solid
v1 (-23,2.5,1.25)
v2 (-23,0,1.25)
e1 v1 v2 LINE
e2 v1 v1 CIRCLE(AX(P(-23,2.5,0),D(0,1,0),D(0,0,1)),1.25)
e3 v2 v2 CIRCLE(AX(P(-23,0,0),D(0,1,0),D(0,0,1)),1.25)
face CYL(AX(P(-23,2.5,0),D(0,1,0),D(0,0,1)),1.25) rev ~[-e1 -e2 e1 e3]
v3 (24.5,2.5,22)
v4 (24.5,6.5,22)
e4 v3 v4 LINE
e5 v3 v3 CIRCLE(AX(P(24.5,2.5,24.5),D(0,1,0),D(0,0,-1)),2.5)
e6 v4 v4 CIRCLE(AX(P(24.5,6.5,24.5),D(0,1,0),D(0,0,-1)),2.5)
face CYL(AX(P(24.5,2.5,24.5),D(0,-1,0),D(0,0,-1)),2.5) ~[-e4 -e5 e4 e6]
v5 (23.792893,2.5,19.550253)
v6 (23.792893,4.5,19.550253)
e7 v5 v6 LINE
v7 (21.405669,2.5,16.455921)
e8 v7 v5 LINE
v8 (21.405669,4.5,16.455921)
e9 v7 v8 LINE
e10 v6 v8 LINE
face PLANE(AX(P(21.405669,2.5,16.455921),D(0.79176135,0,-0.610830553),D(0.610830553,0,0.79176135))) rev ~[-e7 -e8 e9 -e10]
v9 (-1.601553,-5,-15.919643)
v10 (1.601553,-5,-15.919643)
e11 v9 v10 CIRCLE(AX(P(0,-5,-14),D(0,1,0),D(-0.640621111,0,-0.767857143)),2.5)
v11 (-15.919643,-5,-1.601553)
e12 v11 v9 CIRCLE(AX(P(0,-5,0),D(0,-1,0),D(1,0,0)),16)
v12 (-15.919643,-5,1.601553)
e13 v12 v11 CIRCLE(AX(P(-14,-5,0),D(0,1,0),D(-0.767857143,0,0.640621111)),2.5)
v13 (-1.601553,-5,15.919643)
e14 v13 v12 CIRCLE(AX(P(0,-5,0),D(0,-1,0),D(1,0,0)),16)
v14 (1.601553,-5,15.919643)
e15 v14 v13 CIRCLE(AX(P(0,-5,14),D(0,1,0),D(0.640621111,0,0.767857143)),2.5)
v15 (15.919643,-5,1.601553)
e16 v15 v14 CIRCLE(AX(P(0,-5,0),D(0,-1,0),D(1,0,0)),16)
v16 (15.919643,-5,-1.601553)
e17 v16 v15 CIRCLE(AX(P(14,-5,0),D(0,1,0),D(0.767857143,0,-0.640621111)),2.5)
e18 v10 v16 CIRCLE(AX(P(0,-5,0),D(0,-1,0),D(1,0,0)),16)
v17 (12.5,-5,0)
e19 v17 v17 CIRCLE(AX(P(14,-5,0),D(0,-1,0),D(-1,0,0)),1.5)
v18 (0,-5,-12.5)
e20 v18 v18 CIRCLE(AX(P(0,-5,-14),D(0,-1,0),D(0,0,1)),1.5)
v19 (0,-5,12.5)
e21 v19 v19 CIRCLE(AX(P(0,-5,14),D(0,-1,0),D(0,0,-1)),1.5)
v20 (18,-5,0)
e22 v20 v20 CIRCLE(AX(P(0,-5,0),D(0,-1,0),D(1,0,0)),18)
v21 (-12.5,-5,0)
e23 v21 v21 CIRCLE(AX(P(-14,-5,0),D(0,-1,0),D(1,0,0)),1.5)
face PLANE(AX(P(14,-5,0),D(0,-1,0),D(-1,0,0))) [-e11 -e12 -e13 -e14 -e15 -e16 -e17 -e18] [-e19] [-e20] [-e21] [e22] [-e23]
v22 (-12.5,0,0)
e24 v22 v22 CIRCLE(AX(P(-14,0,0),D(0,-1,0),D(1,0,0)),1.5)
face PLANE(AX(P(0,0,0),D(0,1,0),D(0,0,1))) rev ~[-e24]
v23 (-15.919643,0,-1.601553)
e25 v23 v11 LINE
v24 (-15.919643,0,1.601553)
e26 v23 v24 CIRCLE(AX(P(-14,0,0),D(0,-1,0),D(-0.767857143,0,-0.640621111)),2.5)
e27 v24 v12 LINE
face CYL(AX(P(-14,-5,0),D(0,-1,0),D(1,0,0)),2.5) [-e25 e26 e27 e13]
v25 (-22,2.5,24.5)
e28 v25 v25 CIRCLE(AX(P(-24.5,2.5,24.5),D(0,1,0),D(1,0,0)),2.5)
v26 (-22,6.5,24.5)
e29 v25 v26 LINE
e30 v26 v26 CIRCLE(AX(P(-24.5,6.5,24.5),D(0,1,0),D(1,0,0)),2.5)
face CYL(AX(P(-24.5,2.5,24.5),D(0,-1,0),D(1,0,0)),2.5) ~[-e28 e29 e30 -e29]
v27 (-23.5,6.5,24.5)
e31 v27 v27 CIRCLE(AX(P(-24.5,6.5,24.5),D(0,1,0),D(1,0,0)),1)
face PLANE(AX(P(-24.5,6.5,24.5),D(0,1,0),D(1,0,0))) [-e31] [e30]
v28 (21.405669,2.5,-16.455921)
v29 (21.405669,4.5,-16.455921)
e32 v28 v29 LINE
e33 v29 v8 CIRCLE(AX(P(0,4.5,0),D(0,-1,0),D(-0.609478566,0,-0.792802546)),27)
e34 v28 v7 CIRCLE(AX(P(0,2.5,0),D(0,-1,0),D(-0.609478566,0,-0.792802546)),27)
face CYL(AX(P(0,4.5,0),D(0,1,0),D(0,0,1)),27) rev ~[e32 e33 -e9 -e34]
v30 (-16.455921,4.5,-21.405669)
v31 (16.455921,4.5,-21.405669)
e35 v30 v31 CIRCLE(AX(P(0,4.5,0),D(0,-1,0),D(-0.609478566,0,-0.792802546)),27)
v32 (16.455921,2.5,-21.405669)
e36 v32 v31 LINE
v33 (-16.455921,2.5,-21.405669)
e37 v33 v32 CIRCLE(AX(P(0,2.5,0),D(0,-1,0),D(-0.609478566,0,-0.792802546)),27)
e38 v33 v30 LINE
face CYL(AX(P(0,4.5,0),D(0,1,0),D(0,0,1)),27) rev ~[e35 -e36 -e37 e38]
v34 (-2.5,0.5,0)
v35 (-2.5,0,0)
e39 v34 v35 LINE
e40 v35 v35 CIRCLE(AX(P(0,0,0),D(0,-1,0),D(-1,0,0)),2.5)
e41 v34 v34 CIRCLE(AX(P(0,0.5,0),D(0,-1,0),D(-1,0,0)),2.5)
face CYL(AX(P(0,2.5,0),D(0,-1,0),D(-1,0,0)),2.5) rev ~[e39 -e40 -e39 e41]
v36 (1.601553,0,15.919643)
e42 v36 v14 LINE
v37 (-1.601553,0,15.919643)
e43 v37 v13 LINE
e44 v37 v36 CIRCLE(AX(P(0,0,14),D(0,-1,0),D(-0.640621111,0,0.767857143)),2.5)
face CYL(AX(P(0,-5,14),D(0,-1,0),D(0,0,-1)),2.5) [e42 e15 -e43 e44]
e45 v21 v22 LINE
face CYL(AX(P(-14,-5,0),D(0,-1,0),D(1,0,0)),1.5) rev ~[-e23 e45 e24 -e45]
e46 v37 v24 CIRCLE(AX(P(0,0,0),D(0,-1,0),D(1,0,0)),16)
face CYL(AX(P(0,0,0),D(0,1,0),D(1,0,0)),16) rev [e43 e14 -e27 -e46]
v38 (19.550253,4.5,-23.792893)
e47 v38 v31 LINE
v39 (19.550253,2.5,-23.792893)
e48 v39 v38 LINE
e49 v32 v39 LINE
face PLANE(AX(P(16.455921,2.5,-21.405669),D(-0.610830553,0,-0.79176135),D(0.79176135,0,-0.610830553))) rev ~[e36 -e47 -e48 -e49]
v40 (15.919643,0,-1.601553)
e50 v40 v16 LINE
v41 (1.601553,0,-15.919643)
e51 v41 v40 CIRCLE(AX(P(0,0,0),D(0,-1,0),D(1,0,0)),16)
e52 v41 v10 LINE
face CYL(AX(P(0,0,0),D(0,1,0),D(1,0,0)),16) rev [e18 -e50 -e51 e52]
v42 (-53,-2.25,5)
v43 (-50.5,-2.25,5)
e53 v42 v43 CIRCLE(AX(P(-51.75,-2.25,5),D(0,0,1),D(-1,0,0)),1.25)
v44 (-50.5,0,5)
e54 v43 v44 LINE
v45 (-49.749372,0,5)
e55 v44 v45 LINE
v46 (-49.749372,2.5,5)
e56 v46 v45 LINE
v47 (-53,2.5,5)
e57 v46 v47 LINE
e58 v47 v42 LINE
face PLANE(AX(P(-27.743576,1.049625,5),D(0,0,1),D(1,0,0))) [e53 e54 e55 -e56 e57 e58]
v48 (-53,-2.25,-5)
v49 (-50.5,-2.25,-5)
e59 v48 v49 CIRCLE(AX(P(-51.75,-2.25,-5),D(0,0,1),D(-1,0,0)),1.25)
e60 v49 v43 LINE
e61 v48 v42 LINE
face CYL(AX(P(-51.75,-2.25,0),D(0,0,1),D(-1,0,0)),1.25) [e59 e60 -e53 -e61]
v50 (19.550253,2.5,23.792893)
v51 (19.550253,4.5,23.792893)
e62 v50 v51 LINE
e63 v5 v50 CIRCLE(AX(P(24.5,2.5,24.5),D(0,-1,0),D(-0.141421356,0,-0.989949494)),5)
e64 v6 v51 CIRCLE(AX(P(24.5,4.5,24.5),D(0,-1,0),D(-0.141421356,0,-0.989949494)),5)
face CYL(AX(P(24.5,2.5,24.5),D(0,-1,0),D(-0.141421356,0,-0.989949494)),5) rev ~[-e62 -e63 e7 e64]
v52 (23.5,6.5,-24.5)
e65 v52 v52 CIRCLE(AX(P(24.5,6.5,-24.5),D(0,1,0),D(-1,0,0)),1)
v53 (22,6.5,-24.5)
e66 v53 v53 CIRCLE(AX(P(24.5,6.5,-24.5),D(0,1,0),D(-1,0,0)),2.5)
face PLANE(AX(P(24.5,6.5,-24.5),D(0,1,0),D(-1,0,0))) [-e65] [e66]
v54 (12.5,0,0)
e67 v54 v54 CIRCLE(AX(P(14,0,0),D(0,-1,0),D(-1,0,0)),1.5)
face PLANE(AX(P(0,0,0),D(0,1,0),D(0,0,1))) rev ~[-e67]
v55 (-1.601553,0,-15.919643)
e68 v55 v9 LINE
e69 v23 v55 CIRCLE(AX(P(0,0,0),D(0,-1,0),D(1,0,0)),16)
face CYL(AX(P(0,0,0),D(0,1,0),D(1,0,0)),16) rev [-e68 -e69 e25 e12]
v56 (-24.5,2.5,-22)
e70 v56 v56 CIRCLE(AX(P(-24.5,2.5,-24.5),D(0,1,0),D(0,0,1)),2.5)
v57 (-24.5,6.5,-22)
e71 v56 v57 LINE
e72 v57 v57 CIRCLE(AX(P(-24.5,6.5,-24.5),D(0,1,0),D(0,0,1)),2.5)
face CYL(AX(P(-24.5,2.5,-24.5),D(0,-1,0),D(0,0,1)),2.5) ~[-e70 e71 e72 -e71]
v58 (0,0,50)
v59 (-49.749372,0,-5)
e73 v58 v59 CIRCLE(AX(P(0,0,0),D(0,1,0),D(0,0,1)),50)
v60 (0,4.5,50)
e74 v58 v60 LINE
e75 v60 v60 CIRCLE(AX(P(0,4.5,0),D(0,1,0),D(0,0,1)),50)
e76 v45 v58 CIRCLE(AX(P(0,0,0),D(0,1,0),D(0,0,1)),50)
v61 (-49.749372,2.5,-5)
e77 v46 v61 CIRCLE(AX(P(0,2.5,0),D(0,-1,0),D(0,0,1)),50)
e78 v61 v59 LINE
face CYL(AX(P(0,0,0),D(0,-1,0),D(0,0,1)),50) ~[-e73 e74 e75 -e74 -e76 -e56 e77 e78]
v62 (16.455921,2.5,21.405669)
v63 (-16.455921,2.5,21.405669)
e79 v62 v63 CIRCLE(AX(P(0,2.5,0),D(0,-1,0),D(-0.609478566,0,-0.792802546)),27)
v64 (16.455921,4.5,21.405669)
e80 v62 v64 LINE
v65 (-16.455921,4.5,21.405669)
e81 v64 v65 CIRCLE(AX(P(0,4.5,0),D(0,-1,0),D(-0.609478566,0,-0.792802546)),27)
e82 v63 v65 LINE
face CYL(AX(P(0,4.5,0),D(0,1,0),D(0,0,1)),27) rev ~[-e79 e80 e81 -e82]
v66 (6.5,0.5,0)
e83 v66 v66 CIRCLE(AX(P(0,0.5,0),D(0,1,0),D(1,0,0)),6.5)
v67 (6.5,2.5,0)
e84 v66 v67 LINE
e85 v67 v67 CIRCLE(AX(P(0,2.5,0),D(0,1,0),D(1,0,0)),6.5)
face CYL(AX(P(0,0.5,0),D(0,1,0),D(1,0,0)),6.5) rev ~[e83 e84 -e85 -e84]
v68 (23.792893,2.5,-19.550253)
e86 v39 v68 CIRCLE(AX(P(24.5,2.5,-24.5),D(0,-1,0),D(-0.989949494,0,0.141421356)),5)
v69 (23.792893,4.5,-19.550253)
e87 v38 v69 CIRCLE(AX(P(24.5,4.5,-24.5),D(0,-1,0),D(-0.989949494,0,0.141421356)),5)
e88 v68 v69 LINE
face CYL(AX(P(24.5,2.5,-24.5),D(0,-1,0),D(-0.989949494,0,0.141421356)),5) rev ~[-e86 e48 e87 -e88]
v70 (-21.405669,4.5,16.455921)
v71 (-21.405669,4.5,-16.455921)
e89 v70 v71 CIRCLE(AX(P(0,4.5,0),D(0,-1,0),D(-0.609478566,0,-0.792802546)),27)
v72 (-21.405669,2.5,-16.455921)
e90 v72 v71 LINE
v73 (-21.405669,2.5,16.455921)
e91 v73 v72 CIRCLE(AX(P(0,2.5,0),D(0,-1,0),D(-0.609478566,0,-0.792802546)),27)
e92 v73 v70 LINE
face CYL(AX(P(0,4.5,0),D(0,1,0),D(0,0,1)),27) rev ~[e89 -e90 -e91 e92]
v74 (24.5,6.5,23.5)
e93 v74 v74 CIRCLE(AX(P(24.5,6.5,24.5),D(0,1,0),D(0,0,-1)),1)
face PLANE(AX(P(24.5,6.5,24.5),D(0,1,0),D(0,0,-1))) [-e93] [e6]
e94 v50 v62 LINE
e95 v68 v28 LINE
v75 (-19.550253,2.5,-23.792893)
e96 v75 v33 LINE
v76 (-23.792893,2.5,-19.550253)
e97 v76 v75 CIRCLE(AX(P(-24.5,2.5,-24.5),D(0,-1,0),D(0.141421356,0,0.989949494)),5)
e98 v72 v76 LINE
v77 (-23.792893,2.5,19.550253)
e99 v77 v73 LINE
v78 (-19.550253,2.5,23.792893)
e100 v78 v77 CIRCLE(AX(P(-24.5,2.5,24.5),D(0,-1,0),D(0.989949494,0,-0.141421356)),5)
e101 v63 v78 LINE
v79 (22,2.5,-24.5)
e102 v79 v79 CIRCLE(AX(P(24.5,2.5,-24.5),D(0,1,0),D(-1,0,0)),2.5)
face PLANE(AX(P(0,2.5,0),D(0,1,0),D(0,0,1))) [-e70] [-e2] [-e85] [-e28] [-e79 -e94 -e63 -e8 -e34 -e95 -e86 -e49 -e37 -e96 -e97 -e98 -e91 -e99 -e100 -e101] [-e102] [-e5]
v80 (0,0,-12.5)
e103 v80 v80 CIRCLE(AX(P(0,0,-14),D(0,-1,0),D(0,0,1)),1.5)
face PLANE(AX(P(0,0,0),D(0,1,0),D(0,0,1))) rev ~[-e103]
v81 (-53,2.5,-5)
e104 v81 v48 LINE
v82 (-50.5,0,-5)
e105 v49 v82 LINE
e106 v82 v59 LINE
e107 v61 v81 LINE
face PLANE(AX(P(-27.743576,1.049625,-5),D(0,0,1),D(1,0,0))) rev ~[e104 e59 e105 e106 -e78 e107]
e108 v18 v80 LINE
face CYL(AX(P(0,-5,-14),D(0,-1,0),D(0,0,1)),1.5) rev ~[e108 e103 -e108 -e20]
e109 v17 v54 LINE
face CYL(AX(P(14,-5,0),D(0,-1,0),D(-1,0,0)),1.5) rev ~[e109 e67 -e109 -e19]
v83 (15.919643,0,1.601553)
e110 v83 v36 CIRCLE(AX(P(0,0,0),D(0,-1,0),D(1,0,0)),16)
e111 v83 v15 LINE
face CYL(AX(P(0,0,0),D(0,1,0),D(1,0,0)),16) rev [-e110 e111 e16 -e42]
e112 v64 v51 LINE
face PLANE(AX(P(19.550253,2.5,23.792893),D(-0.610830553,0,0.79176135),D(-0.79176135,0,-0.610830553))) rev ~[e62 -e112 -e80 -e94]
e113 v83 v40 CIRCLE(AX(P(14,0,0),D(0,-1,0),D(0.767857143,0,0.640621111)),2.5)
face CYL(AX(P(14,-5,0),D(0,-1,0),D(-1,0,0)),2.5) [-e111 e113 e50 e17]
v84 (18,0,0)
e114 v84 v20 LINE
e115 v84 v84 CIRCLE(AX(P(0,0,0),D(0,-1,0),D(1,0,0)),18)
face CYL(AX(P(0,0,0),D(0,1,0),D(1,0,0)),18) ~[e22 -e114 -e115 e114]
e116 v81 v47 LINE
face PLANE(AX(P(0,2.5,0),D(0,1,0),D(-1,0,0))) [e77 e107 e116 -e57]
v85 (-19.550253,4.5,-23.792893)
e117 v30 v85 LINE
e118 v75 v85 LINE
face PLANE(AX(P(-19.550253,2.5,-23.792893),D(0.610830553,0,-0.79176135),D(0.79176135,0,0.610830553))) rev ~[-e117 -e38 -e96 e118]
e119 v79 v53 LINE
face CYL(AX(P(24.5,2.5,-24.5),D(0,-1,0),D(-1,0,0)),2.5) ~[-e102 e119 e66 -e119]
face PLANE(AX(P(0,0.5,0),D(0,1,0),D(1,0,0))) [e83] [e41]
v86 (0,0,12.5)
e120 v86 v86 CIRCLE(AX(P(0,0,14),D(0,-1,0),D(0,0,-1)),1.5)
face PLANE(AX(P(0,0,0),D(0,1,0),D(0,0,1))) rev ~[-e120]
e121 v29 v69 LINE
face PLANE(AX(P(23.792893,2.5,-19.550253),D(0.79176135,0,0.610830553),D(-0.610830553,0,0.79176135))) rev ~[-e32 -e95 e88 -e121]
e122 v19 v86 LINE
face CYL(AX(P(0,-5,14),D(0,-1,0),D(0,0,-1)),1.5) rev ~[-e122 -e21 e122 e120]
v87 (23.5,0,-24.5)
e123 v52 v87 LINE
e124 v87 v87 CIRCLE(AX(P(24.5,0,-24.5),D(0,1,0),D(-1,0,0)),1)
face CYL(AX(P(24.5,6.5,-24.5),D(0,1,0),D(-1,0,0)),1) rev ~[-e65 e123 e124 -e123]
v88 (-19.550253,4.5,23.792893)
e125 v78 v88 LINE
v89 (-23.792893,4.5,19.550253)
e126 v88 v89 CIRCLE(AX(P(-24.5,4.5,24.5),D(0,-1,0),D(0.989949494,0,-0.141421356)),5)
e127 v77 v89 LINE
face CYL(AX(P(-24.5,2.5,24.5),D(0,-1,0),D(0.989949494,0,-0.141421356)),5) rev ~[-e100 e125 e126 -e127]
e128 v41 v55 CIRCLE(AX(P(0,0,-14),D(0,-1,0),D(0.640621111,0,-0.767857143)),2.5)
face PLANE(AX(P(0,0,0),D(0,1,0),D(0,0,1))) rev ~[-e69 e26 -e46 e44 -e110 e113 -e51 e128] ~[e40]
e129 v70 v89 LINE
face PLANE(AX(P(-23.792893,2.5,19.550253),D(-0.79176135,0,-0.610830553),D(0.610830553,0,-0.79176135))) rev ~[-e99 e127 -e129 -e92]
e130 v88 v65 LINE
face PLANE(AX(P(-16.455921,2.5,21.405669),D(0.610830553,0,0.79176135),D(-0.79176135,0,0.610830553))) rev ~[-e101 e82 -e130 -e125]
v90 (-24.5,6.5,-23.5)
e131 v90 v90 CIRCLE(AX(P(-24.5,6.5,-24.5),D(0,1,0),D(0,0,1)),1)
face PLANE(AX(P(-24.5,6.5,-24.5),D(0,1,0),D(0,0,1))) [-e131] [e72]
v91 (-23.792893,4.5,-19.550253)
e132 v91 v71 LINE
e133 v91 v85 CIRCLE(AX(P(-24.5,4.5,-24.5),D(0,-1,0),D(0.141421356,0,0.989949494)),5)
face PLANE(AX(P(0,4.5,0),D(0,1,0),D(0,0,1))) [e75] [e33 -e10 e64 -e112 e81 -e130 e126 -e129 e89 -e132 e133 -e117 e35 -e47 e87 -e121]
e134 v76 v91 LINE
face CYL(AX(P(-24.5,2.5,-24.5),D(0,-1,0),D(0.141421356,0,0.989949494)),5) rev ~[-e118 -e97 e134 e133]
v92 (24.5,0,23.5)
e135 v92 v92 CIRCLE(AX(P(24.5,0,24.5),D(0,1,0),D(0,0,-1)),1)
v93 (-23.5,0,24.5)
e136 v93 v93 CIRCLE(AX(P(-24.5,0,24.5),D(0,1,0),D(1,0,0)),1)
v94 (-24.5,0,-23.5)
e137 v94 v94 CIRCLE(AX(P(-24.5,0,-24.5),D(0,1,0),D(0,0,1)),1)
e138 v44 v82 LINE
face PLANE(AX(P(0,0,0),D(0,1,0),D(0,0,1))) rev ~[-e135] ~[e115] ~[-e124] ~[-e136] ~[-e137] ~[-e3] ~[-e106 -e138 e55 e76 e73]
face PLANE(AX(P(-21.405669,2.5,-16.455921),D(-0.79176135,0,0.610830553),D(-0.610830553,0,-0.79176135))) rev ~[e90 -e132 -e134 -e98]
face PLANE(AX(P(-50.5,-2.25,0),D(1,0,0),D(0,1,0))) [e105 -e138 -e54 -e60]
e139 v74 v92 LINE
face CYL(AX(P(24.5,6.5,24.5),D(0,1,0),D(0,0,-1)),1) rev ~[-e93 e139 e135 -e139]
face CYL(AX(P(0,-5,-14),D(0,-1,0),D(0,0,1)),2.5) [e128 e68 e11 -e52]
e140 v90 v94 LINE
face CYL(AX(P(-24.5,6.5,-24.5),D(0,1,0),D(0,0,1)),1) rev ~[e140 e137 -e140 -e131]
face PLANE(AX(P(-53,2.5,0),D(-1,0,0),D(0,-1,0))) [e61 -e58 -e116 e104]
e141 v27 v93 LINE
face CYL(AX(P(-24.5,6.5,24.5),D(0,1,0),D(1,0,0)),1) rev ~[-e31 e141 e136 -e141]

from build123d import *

# Parameters (mm, degrees)
SKETCH1_R                               = 50
BOSS_EXTRUDE1_DEPTH                     = 4.5
BOSS_EXTRUDE2_DEPTH                     = 5
SKETCH4_R                               = 18
SKETCH4_R_2                             = 16
EXTRUDE_THIN1_DEPTH                     = 5
SKETCH7_R                               = 27
CUT_EXTRUDE1_DEPTH                      = 2
CBORE_FOR_M5_HEX_HEAD_BOLT2_D           = 5
CBORE_FOR_M5_HEX_HEAD_BOLT2_CBORE_D     = 13
CBORE_FOR_M5_HEX_HEAD_BOLT2_CBORE_DEPTH = 2
CUT_EXTRUDE2_DEPTH                      = 74.247866863
SKETCH11_R                              = 2.5
BOSS_EXTRUDE3_DEPTH                     = 4
SKETCH12_R                              = 1
CUT_EXTRUDE3_DEPTH                      = 74.764829018
EXTRUDE_THIN2_REACH                     = 75.765
SKETCH13_R                              = 2.5
SKETCH13_R_2                            = 1.5
CIRPATTERN1_COUNT                       = 4
SKETCH14_R                              = 1.25
CUT_EXTRUDE4_DEPTH                      = 74.247866863


with BuildPart() as part:
    # Sketch1 → Boss-Extrude1 (new body)
    with BuildSketch(Plane(origin=(0, 0, 0), x_dir=(1, 0, 0), z_dir=(0, 1, 0))):
        with Locations(Location((0, 0, 0), (0, 0, 270))):
            Circle(SKETCH1_R)
    extrude(amount=BOSS_EXTRUDE1_DEPTH)

    # Sketch3 → Boss-Extrude2 (add, symmetric)
    with BuildSketch(Plane.XY):
        with BuildLine():
            Line((0, 2.5), (-53, 2.5))
            Line((-53, 2.5), (-53, -2.25))
            ThreePointArc((-53, -2.25), (-51.75, -3.5), (-50.5, -2.25))
            Line((-50.5, -2.25), (-50.5, 0))
            Line((-50.5, 0), (0, 0))
            Line((0, 0), (0, 2.5))
        make_face()
    extrude(amount=BOSS_EXTRUDE2_DEPTH, both=True)

    # Sketch4 → Extrude-Thin1 (add)
    with BuildSketch(Plane.XZ):
        Circle(SKETCH4_R)
        Circle(SKETCH4_R_2, mode=Mode.SUBTRACT)
    extrude(amount=EXTRUDE_THIN1_DEPTH)

    # Sketch7 → Cut-Extrude1 (cut)
    with BuildSketch(Plane(origin=(0, 4.5, 0), x_dir=(1, 0, 0), z_dir=(0, 1, 0))):
        with Locations(Location((0, 0, 0), (0, 0, 270))):
            Circle(SKETCH7_R)
    extrude(amount=-CUT_EXTRUDE1_DEPTH, mode=Mode.SUBTRACT)

    # CBORE for M5 Hex Head Bolt2 (through all)
    with Locations(Plane(origin=(0, 2.5, 0), x_dir=(1, 0, 0), z_dir=(0, 1, 0))):
        with Locations((0, 0)):
            CounterBoreHole(CBORE_FOR_M5_HEX_HEAD_BOLT2_D / 2, CBORE_FOR_M5_HEX_HEAD_BOLT2_CBORE_D / 2, CBORE_FOR_M5_HEX_HEAD_BOLT2_CBORE_DEPTH)

    # Sketch10 → Cut-Extrude2 (cut, through all)
    with BuildSketch(Plane(origin=(0, 2.5, 0), x_dir=(1, 0, 0), z_dir=(0, 1, 0))):
        with BuildLine():
            Line((-21.405668752, 16.455921283), (-23.792893219, 19.550252532))
            ThreePointArc((-23.792893219, 19.550252532), (-28.035533906, 28.035533906), (-19.550252532, 23.792893219))
            Line((-19.550252532, 23.792893219), (-16.455921283, 21.405668752))
            ThreePointArc((-16.455921283, 21.405668752), (-19.091883092, 19.091883092), (-21.405668752, 16.455921283))
        make_face()
    cut_extrude2 = extrude(amount=CUT_EXTRUDE2_DEPTH, mode=Mode.SUBTRACT)

    # Sketch11 → Boss-Extrude3 (add)
    with BuildSketch(Plane(origin=(0, 2.5, 0), x_dir=(1, 0, 0), z_dir=(0, 1, 0))):
        with Locations(Location((-24.5, 24.5, 0), (0, 0, 270))):
            Circle(SKETCH11_R)
    boss_extrude3 = extrude(amount=BOSS_EXTRUDE3_DEPTH)

    # Sketch12 → Cut-Extrude3 (cut, through all)
    with BuildSketch(Plane(origin=(0, 6.5, 0), x_dir=(1, 0, 0), z_dir=(0, 1, 0))):
        with Locations(Location((-24.5, 24.5, 0), (0, 0, 270))):
            Circle(SKETCH12_R)
    cut_extrude3 = extrude(amount=-CUT_EXTRUDE3_DEPTH, mode=Mode.SUBTRACT)

    # Sketch13 → Extrude-Thin2 (add, up to next)
    with BuildSketch(Plane.XZ.offset(5), mode=Mode.PRIVATE) as extrude_thin2_sk1:
        with Locations((-14, 0)):
            Circle(SKETCH13_R)
        with Locations((-14, 0)):
            Circle(SKETCH13_R_2, mode=Mode.SUBTRACT)
    extrude_thin2_tool1 = extrude(extrude_thin2_sk1.sketch, amount=-EXTRUDE_THIN2_REACH, mode=Mode.PRIVATE) - part.part
    extrude_thin2 = extrude_thin2_tool1.solids().sort_by_distance((-16.429289, -5, 0))[0]
    add(extrude_thin2)

    # CirPattern1: Cut-Extrude2, Boss-Extrude3, Cut-Extrude3, Extrude-Thin2 ×4 about axis
    cirpattern1_axis = Axis((0, 0, 0), (0, 1, 0))
    add([cut_extrude2.rotate(cirpattern1_axis, i * 360 / CIRPATTERN1_COUNT) for i in range(1, CIRPATTERN1_COUNT)], mode=Mode.SUBTRACT)
    add([boss_extrude3.rotate(cirpattern1_axis, i * 360 / CIRPATTERN1_COUNT) for i in range(1, CIRPATTERN1_COUNT)])
    add([cut_extrude3.rotate(cirpattern1_axis, i * 360 / CIRPATTERN1_COUNT) for i in range(1, CIRPATTERN1_COUNT)], mode=Mode.SUBTRACT)
    add([extrude_thin2.rotate(cirpattern1_axis, i * 360 / CIRPATTERN1_COUNT) for i in range(1, CIRPATTERN1_COUNT)])

    # Sketch14 → Cut-Extrude4 (cut, through all)
    with BuildSketch(Plane(origin=(0, 2.5, 0), x_dir=(1, 0, 0), z_dir=(0, 1, 0))):
        with Locations(Location((-23, 0, 0), (0, 0, 270))):
            Circle(SKETCH14_R)
    extrude(amount=-CUT_EXTRUDE4_DEPTH, mode=Mode.SUBTRACT)


solid = part.part
